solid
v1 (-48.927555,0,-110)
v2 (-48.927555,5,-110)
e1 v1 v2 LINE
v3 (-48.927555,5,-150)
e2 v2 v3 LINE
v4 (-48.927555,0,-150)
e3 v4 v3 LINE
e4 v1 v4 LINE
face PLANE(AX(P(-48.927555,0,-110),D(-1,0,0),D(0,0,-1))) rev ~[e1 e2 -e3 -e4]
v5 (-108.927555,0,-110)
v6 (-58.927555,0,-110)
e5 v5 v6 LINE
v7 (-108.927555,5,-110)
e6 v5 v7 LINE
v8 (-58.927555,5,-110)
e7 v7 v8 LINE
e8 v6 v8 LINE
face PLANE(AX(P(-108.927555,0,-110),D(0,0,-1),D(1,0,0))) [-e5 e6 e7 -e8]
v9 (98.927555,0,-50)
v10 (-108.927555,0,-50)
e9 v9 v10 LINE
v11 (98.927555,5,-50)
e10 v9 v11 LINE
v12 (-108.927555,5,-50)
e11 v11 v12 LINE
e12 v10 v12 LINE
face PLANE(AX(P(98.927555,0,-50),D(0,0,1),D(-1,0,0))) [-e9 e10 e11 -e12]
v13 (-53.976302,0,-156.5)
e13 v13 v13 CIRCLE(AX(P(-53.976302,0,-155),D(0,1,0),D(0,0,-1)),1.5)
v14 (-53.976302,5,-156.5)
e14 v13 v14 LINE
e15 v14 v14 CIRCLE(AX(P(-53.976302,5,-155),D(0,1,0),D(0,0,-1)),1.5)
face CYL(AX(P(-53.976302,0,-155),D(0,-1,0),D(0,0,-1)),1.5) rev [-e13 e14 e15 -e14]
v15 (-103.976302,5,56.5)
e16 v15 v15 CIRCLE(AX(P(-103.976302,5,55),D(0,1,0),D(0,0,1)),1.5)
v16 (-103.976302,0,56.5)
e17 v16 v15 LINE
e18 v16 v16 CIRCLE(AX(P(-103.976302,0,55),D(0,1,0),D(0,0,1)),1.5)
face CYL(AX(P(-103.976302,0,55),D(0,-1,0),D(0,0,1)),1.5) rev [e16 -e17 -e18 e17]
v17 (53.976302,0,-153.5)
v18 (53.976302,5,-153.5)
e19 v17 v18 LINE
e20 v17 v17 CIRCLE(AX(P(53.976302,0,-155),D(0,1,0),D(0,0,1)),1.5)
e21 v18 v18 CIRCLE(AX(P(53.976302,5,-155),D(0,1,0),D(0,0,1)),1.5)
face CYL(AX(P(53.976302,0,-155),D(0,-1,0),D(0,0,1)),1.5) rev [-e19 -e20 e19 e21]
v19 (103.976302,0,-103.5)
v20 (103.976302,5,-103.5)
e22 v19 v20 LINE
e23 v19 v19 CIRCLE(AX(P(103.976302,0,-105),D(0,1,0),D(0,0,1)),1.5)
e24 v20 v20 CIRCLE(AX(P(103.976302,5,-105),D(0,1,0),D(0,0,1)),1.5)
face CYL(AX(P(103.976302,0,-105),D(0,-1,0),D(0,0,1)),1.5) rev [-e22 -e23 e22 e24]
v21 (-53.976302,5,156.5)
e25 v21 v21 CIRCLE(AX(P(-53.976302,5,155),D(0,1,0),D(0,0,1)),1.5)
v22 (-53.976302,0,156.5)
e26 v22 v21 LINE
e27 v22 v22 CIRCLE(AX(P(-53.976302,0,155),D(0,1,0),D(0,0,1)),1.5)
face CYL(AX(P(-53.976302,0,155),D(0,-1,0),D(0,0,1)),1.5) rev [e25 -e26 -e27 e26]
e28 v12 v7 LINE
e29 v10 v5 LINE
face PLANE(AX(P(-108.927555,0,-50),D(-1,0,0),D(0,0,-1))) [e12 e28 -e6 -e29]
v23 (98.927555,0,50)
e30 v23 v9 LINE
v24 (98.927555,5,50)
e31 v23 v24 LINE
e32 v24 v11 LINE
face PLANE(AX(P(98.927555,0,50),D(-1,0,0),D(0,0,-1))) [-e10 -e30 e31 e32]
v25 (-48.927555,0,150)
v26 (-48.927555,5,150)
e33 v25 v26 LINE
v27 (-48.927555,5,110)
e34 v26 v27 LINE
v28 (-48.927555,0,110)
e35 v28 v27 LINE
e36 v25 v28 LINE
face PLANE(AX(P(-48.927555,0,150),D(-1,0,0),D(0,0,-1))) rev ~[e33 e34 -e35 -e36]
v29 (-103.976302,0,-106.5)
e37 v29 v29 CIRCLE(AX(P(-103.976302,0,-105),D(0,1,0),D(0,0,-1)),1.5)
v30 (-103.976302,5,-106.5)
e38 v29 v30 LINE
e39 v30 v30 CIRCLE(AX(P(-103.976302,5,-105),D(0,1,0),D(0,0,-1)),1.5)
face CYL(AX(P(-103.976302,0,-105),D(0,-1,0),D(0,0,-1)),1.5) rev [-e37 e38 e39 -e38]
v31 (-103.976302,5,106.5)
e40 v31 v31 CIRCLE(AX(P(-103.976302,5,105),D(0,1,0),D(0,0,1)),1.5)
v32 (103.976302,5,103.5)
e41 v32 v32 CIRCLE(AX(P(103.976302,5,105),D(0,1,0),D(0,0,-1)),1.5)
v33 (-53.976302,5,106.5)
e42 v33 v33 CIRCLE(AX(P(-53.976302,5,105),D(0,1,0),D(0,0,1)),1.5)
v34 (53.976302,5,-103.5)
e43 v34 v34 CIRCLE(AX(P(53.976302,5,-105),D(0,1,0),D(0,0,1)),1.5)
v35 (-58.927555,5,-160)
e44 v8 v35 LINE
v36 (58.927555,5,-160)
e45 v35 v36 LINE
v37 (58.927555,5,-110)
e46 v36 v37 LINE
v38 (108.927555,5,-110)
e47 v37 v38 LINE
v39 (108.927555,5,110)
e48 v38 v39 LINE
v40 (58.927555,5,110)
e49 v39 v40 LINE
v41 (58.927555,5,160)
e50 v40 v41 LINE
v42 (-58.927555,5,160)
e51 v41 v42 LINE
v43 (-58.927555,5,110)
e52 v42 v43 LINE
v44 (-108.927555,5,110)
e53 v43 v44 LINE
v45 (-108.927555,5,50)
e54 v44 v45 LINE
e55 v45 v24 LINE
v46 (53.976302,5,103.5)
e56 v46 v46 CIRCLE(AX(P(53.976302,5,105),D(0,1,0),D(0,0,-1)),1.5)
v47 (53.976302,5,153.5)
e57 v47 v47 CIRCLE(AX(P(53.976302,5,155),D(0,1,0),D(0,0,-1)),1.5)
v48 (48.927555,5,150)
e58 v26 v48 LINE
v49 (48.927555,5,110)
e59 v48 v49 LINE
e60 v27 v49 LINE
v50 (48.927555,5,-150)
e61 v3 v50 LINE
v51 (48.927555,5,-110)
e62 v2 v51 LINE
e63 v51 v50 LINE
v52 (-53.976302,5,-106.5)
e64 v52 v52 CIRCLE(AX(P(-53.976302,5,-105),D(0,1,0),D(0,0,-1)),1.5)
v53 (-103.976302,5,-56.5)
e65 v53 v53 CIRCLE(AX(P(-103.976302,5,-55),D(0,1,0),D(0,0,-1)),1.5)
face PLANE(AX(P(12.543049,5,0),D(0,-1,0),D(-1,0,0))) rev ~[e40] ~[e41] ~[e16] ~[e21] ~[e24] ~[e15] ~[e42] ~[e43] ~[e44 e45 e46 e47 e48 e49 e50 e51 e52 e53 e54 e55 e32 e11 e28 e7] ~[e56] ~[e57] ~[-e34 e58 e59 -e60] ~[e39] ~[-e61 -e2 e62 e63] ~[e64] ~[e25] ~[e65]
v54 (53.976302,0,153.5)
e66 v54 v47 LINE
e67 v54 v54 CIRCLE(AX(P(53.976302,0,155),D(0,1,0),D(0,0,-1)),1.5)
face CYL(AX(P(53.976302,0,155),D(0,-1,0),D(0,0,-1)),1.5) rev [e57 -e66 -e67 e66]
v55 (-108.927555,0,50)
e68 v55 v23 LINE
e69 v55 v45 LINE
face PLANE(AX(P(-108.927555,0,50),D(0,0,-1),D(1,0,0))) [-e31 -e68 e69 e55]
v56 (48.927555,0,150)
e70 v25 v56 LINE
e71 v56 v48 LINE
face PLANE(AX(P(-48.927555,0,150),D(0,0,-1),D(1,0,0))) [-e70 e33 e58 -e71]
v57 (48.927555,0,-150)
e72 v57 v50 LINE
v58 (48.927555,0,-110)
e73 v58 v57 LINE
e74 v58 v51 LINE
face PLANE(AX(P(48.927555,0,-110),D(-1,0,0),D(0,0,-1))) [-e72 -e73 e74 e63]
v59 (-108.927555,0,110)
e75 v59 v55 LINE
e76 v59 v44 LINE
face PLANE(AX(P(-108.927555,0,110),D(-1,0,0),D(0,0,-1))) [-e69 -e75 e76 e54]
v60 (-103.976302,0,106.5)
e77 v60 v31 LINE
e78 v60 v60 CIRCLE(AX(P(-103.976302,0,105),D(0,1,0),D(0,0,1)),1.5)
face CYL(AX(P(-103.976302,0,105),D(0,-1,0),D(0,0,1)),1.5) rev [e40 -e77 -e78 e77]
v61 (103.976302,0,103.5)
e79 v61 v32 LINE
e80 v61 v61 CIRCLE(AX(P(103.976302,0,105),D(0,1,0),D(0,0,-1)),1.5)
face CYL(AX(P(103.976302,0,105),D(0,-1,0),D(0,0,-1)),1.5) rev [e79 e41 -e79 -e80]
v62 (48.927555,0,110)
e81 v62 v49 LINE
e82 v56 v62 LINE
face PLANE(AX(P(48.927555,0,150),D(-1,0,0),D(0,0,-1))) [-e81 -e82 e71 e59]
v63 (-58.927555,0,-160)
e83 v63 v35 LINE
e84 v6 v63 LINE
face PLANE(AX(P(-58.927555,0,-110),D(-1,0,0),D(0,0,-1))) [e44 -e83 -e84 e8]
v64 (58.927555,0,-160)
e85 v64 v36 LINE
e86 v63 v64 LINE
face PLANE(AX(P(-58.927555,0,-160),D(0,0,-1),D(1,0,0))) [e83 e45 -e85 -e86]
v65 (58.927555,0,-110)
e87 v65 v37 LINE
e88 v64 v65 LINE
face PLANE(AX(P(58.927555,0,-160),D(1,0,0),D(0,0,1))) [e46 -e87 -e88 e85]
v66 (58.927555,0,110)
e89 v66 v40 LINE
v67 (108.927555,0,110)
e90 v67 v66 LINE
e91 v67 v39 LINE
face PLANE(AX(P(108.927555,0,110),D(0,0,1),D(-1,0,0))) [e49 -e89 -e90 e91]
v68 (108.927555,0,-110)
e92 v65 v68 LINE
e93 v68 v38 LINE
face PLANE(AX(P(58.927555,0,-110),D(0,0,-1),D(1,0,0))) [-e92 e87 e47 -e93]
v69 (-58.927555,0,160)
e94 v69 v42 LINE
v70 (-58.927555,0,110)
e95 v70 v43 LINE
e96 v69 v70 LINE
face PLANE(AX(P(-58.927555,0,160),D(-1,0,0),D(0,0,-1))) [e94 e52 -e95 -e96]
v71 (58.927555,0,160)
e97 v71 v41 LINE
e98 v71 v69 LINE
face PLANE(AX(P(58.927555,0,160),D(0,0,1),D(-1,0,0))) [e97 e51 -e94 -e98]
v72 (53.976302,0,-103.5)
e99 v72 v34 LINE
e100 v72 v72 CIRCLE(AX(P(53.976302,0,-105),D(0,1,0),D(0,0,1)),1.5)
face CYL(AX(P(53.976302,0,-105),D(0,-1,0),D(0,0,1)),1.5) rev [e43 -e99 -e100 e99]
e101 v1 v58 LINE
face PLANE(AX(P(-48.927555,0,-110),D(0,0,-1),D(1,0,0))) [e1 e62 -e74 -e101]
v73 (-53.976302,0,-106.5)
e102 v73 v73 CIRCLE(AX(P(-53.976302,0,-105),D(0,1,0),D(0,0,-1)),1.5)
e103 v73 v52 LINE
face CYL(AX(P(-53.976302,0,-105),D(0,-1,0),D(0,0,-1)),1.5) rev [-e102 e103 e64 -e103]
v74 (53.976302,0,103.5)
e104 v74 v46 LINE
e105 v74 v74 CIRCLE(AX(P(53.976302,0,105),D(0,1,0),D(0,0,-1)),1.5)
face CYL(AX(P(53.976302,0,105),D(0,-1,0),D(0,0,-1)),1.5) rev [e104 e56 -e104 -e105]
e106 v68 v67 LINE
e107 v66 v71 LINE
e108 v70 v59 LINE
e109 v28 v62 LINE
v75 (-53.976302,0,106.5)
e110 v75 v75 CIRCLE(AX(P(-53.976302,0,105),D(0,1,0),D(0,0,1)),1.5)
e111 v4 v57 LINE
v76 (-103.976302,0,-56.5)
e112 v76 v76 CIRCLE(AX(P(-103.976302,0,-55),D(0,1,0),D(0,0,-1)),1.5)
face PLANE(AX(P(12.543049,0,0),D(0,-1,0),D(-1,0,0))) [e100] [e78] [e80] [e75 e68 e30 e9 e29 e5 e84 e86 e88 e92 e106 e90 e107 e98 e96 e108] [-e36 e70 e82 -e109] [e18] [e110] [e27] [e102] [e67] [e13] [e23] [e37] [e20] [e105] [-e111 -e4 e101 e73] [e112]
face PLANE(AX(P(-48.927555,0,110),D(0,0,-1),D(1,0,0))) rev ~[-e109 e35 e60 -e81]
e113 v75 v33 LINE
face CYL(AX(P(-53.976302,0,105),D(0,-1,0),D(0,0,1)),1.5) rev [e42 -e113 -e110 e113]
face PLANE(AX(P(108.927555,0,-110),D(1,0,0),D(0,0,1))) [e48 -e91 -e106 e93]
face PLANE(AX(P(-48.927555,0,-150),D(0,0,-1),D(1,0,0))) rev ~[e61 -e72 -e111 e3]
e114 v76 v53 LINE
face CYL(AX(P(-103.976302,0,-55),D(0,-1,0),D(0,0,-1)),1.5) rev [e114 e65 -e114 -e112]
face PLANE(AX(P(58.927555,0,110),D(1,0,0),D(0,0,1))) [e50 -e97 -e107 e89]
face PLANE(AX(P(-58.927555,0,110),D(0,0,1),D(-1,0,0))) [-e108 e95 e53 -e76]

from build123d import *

# Parameters (mm, degrees)
ESQUISSE1_R        = 1.5
ESQUISSE1_W        = 97.855109658
ESQUISSE1_H        = 40
BOSS_EXTRU_1_DEPTH = 5


with BuildPart() as part:
    # Esquisse1 → Boss.-Extru.1 (new body)
    with BuildSketch(Plane(origin=(0, 0, 0), x_dir=(1, 0, 0), z_dir=(0, 1, 0))):
        Polygon((-58.927554829, 110), (-58.927554829, 160), (58.927554829, 160), (58.927554829, 110), (108.927554829, 110), (108.927554829, -110), (58.927554829, -110), (58.927554829, -160), (-58.927554829, -160), (-58.927554829, -110), (-108.927554829, -110), (-108.927554829, -50), (98.927554829, -50), (98.927554829, 50), (-108.927554829, 50), (-108.927554829, 110), align=None)
        with Locations(Location((-103.976302336, -105, 0), (0, 0, 270))):
            Circle(ESQUISSE1_R, mode=Mode.SUBTRACT)
        with Locations(Location((-103.976302336, -55, 0), (0, 0, 270))):
            Circle(ESQUISSE1_R, mode=Mode.SUBTRACT)
        with Locations(Location((-53.976302336, -105, 0), (0, 0, 270))):
            Circle(ESQUISSE1_R, mode=Mode.SUBTRACT)
        with Locations(Location((-53.976302336, -155, 0), (0, 0, 270))):
            Circle(ESQUISSE1_R, mode=Mode.SUBTRACT)
        with Locations(Location((-53.976302336, 155, 0), (0, 0, 90))):
            Circle(ESQUISSE1_R, mode=Mode.SUBTRACT)
        with Locations(Location((-53.976302336, 105, 0), (0, 0, 90))):
            Circle(ESQUISSE1_R, mode=Mode.SUBTRACT)
        with Locations(Location((-103.976302336, 105, 0), (0, 0, 90))):
            Circle(ESQUISSE1_R, mode=Mode.SUBTRACT)
        with Locations(Location((-103.976302336, 55, 0), (0, 0, 90))):
            Circle(ESQUISSE1_R, mode=Mode.SUBTRACT)
        with Locations(Location((53.976302336, -155, 0), (0, 0, 90))):
            Circle(ESQUISSE1_R, mode=Mode.SUBTRACT)
        with Locations(Location((53.976302336, -105, 0), (0, 0, 90))):
            Circle(ESQUISSE1_R, mode=Mode.SUBTRACT)
        with Locations(Location((103.976302336, -105, 0), (0, 0, 90))):
            Circle(ESQUISSE1_R, mode=Mode.SUBTRACT)
        with Locations(Location((103.976302336, 105, 0), (0, 0, 270))):
            Circle(ESQUISSE1_R, mode=Mode.SUBTRACT)
        with Locations(Location((53.976302336, 105, 0), (0, 0, 270))):
            Circle(ESQUISSE1_R, mode=Mode.SUBTRACT)
        with Locations(Location((53.976302336, 155, 0), (0, 0, 270))):
            Circle(ESQUISSE1_R, mode=Mode.SUBTRACT)
        with Locations((0, -130)):
            Rectangle(ESQUISSE1_W, ESQUISSE1_H, mode=Mode.SUBTRACT)
        with Locations((0, 130)):
            Rectangle(ESQUISSE1_W, ESQUISSE1_H, mode=Mode.SUBTRACT)
    extrude(amount=BOSS_EXTRU_1_DEPTH)


solid = part.part
